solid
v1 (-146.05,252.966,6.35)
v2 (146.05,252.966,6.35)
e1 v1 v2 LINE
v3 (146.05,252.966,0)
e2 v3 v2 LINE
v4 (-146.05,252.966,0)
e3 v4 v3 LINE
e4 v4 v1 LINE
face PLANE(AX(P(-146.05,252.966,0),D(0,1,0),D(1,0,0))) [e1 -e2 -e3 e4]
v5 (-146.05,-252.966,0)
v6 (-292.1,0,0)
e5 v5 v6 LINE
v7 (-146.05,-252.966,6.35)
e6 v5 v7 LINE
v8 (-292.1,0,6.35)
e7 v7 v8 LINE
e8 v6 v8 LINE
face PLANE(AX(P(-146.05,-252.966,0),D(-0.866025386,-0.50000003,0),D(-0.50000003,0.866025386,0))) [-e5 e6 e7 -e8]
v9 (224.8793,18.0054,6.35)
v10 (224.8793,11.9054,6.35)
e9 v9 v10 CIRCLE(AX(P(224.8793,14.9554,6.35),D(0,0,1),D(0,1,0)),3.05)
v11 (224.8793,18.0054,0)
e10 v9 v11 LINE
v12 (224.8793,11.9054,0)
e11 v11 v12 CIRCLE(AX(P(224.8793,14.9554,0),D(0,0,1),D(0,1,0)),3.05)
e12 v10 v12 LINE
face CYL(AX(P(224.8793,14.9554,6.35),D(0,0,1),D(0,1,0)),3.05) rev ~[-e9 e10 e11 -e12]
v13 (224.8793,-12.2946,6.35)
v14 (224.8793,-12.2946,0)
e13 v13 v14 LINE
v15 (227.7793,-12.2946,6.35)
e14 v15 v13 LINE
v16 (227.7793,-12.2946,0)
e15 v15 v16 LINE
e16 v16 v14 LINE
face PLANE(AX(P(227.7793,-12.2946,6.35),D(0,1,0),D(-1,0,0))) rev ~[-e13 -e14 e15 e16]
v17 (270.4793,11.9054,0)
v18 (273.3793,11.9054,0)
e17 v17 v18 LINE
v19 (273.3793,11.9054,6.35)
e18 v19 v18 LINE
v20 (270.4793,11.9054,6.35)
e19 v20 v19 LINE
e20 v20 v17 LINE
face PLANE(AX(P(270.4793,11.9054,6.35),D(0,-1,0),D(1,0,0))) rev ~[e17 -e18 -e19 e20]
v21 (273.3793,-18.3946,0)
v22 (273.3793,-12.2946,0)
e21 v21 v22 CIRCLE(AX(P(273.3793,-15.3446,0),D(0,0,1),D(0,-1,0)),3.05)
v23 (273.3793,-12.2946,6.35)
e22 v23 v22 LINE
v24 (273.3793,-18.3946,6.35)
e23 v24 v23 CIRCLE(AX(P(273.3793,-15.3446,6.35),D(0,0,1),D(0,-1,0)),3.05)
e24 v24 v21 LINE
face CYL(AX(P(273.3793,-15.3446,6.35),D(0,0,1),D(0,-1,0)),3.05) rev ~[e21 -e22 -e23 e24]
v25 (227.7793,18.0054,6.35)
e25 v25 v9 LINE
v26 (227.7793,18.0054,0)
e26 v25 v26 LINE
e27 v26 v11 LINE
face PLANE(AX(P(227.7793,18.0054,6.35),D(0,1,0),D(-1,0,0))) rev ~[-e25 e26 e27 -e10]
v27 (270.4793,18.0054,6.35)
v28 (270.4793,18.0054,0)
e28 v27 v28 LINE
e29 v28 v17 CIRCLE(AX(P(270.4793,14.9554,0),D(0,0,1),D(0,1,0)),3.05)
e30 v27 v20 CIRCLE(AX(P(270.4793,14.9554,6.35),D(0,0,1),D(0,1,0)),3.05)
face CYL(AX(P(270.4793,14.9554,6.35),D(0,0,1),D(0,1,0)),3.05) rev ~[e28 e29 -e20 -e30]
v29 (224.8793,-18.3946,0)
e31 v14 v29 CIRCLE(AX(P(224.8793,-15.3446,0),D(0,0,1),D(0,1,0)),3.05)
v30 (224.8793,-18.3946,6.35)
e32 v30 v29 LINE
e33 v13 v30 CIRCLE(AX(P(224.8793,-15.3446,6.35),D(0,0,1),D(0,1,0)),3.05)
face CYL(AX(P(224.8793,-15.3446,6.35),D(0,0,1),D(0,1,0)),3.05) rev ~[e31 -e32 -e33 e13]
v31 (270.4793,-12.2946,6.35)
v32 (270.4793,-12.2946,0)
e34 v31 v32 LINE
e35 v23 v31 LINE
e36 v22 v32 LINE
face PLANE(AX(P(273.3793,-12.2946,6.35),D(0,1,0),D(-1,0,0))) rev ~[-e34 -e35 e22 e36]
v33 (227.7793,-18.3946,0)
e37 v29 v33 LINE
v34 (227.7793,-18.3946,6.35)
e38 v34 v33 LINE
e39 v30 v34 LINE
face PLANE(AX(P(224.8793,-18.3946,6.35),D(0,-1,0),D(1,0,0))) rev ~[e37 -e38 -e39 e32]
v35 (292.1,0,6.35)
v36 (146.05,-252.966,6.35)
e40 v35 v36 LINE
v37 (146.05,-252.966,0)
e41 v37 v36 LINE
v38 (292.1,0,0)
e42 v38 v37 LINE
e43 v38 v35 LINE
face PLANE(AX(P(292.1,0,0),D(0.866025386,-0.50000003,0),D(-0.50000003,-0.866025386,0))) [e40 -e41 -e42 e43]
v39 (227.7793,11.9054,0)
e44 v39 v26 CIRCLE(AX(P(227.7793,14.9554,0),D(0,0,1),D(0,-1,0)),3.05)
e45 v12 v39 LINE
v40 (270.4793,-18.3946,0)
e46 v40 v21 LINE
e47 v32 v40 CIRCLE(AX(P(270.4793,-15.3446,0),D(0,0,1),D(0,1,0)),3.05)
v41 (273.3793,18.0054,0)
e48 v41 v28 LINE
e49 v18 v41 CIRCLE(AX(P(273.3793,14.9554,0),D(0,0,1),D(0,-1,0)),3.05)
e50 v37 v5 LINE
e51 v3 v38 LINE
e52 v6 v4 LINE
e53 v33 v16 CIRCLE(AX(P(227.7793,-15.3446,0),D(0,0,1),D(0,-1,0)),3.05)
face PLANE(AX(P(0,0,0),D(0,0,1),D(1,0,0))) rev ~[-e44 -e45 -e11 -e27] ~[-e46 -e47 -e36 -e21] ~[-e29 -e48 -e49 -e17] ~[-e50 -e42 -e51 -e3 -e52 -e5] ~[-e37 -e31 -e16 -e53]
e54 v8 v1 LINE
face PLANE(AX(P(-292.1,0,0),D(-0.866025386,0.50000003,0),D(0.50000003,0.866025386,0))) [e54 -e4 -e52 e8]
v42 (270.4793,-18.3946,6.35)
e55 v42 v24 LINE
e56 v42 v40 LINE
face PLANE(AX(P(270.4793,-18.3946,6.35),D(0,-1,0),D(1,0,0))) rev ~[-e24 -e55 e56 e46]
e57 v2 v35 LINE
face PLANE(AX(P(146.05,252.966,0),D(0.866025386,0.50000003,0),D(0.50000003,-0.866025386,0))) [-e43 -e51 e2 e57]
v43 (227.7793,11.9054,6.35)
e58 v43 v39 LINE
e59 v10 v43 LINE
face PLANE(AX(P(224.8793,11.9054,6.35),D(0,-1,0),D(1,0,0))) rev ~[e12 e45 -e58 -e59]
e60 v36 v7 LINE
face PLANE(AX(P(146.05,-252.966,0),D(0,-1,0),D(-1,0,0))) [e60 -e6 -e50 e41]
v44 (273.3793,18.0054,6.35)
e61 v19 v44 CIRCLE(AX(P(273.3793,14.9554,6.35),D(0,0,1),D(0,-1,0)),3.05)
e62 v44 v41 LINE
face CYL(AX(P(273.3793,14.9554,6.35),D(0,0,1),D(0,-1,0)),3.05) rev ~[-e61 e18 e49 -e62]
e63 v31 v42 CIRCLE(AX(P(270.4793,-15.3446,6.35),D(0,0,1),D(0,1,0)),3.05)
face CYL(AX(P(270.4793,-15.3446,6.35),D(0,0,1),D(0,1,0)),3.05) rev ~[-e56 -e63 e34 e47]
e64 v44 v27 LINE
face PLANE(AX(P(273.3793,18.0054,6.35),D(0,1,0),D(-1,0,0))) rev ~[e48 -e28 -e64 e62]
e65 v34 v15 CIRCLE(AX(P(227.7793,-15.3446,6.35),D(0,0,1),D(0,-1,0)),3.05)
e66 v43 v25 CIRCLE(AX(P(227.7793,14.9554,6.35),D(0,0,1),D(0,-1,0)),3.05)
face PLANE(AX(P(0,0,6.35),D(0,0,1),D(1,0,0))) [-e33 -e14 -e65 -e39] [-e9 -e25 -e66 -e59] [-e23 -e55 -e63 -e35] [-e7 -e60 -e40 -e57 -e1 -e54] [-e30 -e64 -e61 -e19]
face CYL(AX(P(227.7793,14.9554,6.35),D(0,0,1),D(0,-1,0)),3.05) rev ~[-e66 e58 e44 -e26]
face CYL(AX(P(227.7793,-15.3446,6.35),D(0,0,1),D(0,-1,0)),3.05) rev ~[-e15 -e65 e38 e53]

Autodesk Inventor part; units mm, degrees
ref_plane "YZ Plane" through (0, 0, 0) normal (1, 0, 0) x (0, 1, 0)
ref_plane "XZ Plane" through (0, 0, 0) normal (0, 1, 0) x (-1, 0, 0)
ref_plane "XY Plane" through (0, 0, 0) normal (0, 0, 1) x (1, 0, 0)
sketch "Sketch1" plane through (0, 0, 0) normal (0, 0, 1) x (1, 0, 0)
  line L0 (146.05, 252.966) -> (292.1, 0)
  line L1 (292.1, 0) -> (146.05, -252.966)
  line L2 (146.05, -252.966) -> (-146.05, -252.966)
  line L3 (-146.05, -252.966) -> (-292.1, 0)
  line L4 (-292.1, 0) -> (-146.05, 252.966)
  line L5 (-146.05, 252.966) -> (146.05, 252.966)
  point P0 (0, 0)
  point P1 (0, 0)
  dimension "d3" = 584.2
extrude "Extrusion1" add sketch "Sketch1" along normal blind 6.35
sketch "Sketch8" plane through (0, 0, 6.35) normal (0, 0, 1) x (1, 0, 0)
  arc A0 (274.0293, -21.5946) -> (279.0293, -16.5946) centre (274.0293, -16.5946) ccw
  line L0 (279.0293, -16.5946) -> (279.0293, 16.2054)
  arc A1 (279.0293, 16.2054) -> (274.0293, 21.2054) centre (274.0293, 16.2054) ccw
  line L1 (274.0293, 21.2054) -> (224.2293, 21.2054)
  arc A2 (224.2293, 21.2054) -> (219.2293, 16.2054) centre (224.2293, 16.2054) ccw
  line L2 (219.2293, 16.2054) -> (219.2293, -16.5946)
  arc A3 (219.2293, -16.5946) -> (224.2293, -21.5946) centre (224.2293, -16.5946) ccw
  line L3 (224.2293, -21.5946) -> (274.0293, -21.5946)
  arc A4 (273.3793, -18.3946) -> (273.3793, -12.2946) centre (273.3793, -15.3446) ccw
  line L4 (270.4793, -18.3946) -> (273.3793, -18.3946)
  arc A5 (270.4793, -12.2946) -> (270.4793, -18.3946) centre (270.4793, -15.3446) ccw
  line L5 (273.3793, -12.2946) -> (270.4793, -12.2946)
  arc A6 (273.3793, 11.9054) -> (273.3793, 18.0054) centre (273.3793, 14.9554) ccw
  line L6 (270.4793, 11.9054) -> (273.3793, 11.9054)
  arc A7 (270.4793, 18.0054) -> (270.4793, 11.9054) centre (270.4793, 14.9554) ccw
  line L7 (273.3793, 18.0054) -> (270.4793, 18.0054)
  arc A8 (224.8793, 18.0054) -> (224.8793, 11.9054) centre (224.8793, 14.9554) ccw
  line L8 (227.7793, 18.0054) -> (224.8793, 18.0054)
  arc A9 (227.7793, 11.9054) -> (227.7793, 18.0054) centre (227.7793, 14.9554) ccw
  line L9 (224.8793, 11.9054) -> (227.7793, 11.9054)
  arc A10 (224.8793, -12.2946) -> (224.8793, -18.3946) centre (224.8793, -15.3446) ccw
  line L10 (227.7793, -12.2946) -> (224.8793, -12.2946)
  arc A11 (227.7793, -18.3946) -> (227.7793, -12.2946) centre (227.7793, -15.3446) ccw
  line L11 (224.8793, -18.3946) -> (227.7793, -18.3946)
  point P0 (0, 0)
  point P1 (249.1293, -0.1946)
extrude "Extrusion8" cut sketch "Sketch8" against normal blind 6.35 contours L4 A5 L5 A4 | L6 A7 L7 A6 | L8 A9 L9 A8 | L10 A11 L11 A10
properties part number "BA015" material "Wood (Oak)"
